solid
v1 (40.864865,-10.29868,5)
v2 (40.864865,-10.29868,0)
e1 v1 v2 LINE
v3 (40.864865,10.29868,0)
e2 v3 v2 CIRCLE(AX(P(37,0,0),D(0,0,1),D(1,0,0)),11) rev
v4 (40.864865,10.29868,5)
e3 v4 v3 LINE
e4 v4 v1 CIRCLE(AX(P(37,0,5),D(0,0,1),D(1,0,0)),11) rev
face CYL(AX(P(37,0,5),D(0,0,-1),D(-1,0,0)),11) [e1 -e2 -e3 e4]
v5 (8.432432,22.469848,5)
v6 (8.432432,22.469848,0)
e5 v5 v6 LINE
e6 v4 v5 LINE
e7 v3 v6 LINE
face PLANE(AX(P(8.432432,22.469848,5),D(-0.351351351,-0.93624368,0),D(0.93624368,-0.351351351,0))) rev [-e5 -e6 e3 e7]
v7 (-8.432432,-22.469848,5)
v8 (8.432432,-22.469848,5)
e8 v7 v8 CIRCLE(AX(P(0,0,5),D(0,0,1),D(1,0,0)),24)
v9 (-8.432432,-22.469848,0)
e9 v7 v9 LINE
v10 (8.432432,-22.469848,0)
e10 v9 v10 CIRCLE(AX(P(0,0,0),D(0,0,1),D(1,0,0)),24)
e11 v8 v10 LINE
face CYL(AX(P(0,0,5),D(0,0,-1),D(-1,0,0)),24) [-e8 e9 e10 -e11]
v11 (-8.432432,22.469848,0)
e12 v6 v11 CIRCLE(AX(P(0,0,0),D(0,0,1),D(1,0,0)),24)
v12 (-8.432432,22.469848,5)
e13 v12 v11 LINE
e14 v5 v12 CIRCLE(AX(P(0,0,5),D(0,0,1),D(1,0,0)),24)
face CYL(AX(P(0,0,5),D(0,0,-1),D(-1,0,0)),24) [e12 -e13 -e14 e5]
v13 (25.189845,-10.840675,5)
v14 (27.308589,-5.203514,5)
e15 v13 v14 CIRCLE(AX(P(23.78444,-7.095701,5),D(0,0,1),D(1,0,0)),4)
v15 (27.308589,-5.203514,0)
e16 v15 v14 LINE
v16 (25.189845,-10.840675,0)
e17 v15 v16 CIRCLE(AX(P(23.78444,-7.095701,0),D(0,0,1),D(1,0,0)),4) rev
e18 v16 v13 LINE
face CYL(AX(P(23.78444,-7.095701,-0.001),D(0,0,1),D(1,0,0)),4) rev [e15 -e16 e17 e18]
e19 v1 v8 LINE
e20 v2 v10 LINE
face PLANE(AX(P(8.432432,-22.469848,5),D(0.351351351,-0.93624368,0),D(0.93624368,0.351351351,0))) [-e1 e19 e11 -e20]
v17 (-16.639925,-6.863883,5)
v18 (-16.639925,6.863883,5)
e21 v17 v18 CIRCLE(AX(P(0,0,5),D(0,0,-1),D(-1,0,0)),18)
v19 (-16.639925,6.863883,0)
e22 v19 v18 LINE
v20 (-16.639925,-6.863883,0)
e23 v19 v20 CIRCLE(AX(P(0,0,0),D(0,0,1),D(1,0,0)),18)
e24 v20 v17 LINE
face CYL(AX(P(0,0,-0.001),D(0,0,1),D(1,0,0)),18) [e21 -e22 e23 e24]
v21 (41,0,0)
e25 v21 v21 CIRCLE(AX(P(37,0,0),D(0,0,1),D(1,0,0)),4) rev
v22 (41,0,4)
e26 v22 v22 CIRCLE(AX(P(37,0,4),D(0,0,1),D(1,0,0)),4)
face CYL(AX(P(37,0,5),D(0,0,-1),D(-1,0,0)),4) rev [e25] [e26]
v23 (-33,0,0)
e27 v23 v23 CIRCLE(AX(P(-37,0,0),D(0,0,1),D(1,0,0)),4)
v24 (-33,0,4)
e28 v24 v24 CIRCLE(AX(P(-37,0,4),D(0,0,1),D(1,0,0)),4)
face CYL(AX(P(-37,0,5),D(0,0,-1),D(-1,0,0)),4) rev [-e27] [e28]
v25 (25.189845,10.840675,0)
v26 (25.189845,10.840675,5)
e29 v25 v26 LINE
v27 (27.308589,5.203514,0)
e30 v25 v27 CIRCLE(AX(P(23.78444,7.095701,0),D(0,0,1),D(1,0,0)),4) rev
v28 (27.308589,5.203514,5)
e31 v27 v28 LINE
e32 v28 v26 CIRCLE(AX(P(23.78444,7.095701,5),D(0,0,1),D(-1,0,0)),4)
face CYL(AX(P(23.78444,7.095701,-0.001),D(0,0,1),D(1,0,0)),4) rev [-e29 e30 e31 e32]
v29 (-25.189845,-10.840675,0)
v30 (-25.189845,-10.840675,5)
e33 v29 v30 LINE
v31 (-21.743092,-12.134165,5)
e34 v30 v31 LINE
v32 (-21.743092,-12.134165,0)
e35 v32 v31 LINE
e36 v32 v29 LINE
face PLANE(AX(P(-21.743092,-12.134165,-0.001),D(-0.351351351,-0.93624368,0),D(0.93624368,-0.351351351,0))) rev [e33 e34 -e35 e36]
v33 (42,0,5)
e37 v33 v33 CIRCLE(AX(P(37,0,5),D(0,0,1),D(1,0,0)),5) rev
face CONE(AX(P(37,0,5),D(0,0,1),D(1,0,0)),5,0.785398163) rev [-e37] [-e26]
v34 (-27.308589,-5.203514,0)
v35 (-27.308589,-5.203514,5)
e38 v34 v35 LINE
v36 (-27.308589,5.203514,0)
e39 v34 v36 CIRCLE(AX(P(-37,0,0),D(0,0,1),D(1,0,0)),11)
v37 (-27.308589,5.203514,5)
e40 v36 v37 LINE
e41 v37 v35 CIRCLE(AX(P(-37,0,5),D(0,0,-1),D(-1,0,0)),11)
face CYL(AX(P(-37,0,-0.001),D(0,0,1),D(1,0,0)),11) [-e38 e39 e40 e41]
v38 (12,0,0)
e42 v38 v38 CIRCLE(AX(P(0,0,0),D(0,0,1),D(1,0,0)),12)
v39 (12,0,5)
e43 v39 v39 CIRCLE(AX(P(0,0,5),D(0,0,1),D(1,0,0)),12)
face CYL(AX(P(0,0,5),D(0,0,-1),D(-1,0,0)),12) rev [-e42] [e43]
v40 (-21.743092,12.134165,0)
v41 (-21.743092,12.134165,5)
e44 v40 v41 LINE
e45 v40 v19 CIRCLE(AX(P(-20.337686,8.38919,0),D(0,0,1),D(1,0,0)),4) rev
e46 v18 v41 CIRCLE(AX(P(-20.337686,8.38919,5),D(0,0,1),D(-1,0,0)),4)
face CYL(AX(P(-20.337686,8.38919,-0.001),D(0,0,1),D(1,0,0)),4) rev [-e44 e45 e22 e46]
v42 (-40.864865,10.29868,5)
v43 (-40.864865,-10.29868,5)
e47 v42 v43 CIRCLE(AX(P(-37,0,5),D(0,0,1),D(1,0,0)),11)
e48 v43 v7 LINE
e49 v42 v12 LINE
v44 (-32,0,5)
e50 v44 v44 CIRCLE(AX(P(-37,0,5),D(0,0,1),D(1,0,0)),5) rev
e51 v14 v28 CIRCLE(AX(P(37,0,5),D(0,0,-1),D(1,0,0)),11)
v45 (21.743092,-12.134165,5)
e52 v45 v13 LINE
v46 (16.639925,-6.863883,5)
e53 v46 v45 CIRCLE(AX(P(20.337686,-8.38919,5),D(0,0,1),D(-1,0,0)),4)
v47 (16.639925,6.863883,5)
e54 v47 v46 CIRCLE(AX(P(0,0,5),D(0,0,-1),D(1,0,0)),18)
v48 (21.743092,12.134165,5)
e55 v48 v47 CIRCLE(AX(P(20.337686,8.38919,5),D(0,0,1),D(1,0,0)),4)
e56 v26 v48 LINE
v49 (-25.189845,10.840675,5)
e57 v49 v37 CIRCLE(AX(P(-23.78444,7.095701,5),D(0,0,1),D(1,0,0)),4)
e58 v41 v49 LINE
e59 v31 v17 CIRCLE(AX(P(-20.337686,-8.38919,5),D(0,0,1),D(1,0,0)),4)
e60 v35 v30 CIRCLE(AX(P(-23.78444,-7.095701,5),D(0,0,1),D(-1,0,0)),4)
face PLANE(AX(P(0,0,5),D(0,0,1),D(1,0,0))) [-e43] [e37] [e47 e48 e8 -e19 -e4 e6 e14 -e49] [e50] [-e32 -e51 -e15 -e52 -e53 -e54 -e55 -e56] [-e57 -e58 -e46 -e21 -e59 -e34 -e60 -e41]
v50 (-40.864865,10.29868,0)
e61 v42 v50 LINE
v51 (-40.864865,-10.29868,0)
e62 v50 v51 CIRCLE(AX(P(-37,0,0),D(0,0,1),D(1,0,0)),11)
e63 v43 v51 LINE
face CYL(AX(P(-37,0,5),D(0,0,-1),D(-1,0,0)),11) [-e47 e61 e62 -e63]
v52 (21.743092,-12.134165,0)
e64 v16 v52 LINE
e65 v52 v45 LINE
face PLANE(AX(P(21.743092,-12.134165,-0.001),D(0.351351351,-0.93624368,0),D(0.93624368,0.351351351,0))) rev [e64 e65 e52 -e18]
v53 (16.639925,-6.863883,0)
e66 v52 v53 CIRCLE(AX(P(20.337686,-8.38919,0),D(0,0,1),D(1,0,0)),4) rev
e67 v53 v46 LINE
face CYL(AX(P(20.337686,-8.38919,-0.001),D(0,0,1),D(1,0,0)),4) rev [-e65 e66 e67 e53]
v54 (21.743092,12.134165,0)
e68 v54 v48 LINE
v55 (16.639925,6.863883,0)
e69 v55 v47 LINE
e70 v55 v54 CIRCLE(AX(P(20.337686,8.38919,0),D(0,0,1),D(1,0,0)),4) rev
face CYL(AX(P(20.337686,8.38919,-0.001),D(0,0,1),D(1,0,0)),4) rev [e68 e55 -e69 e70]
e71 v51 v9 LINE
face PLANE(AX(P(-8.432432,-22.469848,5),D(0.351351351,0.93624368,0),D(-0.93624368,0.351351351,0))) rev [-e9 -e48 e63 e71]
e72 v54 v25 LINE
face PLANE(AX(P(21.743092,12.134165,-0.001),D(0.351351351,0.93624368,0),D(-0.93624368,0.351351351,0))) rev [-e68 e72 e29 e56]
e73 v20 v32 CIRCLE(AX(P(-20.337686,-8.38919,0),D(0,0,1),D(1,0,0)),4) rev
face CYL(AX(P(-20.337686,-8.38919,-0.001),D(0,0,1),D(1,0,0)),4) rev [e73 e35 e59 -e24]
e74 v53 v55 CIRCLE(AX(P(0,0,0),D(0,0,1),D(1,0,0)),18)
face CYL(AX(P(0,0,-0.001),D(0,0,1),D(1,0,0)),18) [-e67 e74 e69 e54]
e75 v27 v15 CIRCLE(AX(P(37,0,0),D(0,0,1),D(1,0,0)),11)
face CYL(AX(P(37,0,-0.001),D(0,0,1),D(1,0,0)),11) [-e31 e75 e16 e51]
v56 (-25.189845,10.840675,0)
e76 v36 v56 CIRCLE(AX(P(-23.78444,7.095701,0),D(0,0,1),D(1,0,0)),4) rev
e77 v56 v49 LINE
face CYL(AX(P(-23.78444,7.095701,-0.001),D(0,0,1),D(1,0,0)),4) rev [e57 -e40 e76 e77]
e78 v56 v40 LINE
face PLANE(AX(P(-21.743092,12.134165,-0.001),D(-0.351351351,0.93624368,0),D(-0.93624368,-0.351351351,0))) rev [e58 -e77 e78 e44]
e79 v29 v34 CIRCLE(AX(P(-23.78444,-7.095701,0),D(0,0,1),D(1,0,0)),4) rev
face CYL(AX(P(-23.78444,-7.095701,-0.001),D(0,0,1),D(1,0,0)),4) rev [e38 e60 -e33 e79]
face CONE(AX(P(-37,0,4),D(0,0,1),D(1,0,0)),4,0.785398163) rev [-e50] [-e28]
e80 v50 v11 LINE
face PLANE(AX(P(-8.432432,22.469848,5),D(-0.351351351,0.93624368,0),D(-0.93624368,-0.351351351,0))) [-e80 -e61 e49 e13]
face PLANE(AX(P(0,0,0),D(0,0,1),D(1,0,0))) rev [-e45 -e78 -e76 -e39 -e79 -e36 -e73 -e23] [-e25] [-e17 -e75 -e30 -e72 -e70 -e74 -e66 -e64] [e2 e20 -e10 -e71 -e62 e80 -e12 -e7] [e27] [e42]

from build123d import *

# Parameters (mm, degrees)
SKETCH1_R           = 4
SKETCH1_R_2         = 12
BOSS_EXTRUDE1_DEPTH = 5
CUT_EXTRUDE1_REACH  = 55.898
CHAMFER1_SIZE       = 1


with BuildPart() as part:
    # Sketch1 → Boss-Extrude1 (new body)
    with BuildSketch(Plane.XY):
        with BuildLine():
            Line((-40.864864865, 10.298680477), (-8.432432432, 22.469848314))
            ThreePointArc((-8.432432432, 22.469848314), (0, 24), (8.432432432, 22.469848314))
            Line((8.432432432, 22.469848314), (40.864864865, 10.298680477))
            ThreePointArc((40.864864865, 10.298680477), (48, 0), (40.864864865, -10.298680477))
            Line((40.864864865, -10.298680477), (8.432432432, -22.469848314))
            ThreePointArc((8.432432432, -22.469848314), (0, -24), (-8.432432432, -22.469848314))
            Line((-8.432432432, -22.469848314), (-40.864864865, -10.298680477))
            ThreePointArc((-40.864864865, -10.298680477), (-48, 0), (-40.864864865, 10.298680477))
        make_face()
        with Locations((-37, 0)):
            Circle(SKETCH1_R, mode=Mode.SUBTRACT)
        with Locations((37, 0)):
            Circle(SKETCH1_R, mode=Mode.SUBTRACT)
        Circle(SKETCH1_R_2, mode=Mode.SUBTRACT)
    extrude(amount=BOSS_EXTRUDE1_DEPTH)

    # Sketch2 → Cut-Extrude1 (cut, up to next)
    with BuildSketch(Plane.XY.offset(5), mode=Mode.PRIVATE) as cut_extrude1_sk1:
        with BuildLine():
            Line((21.743091746, 12.134165045), (25.1898452, 10.840675422))
            ThreePointArc((25.1898452, 10.840675422), (27.528705446, 8.50299411), (27.308589183, 5.203513849))
            ThreePointArc((27.308589183, 5.203513849), (26, 0), (27.308589183, -5.203513849))
            ThreePointArc((27.308589183, -5.203513849), (27.528705446, -8.50299411), (25.1898452, -10.840675422))
            Line((25.1898452, -10.840675422), (21.743091746, -12.134165045))
            ThreePointArc((21.743091746, -12.134165045), (17.464066334, -11.171690651), (16.639925188, -6.863882994))
            ThreePointArc((16.639925188, -6.863882994), (18, 0), (16.639925188, 6.863882994))
            ThreePointArc((16.639925188, 6.863882994), (17.464066334, 11.171690651), (21.743091746, 12.134165045))
        make_face()
    cut_extrude1_tool1 = extrude(cut_extrude1_sk1.sketch, amount=-CUT_EXTRUDE1_REACH, mode=Mode.PRIVATE) & part.part
    # Sketch2 → Cut-Extrude1 (cut, up to next)
    with BuildSketch(Plane.XY.offset(5), mode=Mode.PRIVATE) as cut_extrude1_sk2:
        with BuildLine():
            Line((-21.743091746, -12.134165045), (-25.1898452, -10.840675422))
            ThreePointArc((-25.1898452, -10.840675422), (-27.528705446, -8.50299411), (-27.308589183, -5.203513849))
            ThreePointArc((-27.308589183, -5.203513849), (-26, 0), (-27.308589183, 5.203513849))
            ThreePointArc((-27.308589183, 5.203513849), (-27.528705446, 8.50299411), (-25.1898452, 10.840675422))
            Line((-25.1898452, 10.840675422), (-21.743091746, 12.134165045))
            ThreePointArc((-21.743091746, 12.134165045), (-17.464066334, 11.171690651), (-16.639925188, 6.863882994))
            ThreePointArc((-16.639925188, 6.863882994), (-18, 0), (-16.639925188, -6.863882994))
            ThreePointArc((-16.639925188, -6.863882994), (-17.464066334, -11.171690651), (-21.743091746, -12.134165045))
        make_face()
    cut_extrude1_tool2 = extrude(cut_extrude1_sk2.sketch, amount=-CUT_EXTRUDE1_REACH, mode=Mode.PRIVATE) & part.part
    add(cut_extrude1_tool1.solids().sort_by_distance((21.936549, 0, 5))[0], mode=Mode.SUBTRACT)
    add(cut_extrude1_tool2.solids().sort_by_distance((-21.936549, 0, 5))[0], mode=Mode.SUBTRACT)

    # Chamfer1
    chamfer1_edges = [part.edges().sort_by_distance(p)[0] for p in [
        (33, 0, 5),
        (-41, 0, 5),
    ]]
    chamfer(chamfer1_edges, length=CHAMFER1_SIZE)


solid = part.part
